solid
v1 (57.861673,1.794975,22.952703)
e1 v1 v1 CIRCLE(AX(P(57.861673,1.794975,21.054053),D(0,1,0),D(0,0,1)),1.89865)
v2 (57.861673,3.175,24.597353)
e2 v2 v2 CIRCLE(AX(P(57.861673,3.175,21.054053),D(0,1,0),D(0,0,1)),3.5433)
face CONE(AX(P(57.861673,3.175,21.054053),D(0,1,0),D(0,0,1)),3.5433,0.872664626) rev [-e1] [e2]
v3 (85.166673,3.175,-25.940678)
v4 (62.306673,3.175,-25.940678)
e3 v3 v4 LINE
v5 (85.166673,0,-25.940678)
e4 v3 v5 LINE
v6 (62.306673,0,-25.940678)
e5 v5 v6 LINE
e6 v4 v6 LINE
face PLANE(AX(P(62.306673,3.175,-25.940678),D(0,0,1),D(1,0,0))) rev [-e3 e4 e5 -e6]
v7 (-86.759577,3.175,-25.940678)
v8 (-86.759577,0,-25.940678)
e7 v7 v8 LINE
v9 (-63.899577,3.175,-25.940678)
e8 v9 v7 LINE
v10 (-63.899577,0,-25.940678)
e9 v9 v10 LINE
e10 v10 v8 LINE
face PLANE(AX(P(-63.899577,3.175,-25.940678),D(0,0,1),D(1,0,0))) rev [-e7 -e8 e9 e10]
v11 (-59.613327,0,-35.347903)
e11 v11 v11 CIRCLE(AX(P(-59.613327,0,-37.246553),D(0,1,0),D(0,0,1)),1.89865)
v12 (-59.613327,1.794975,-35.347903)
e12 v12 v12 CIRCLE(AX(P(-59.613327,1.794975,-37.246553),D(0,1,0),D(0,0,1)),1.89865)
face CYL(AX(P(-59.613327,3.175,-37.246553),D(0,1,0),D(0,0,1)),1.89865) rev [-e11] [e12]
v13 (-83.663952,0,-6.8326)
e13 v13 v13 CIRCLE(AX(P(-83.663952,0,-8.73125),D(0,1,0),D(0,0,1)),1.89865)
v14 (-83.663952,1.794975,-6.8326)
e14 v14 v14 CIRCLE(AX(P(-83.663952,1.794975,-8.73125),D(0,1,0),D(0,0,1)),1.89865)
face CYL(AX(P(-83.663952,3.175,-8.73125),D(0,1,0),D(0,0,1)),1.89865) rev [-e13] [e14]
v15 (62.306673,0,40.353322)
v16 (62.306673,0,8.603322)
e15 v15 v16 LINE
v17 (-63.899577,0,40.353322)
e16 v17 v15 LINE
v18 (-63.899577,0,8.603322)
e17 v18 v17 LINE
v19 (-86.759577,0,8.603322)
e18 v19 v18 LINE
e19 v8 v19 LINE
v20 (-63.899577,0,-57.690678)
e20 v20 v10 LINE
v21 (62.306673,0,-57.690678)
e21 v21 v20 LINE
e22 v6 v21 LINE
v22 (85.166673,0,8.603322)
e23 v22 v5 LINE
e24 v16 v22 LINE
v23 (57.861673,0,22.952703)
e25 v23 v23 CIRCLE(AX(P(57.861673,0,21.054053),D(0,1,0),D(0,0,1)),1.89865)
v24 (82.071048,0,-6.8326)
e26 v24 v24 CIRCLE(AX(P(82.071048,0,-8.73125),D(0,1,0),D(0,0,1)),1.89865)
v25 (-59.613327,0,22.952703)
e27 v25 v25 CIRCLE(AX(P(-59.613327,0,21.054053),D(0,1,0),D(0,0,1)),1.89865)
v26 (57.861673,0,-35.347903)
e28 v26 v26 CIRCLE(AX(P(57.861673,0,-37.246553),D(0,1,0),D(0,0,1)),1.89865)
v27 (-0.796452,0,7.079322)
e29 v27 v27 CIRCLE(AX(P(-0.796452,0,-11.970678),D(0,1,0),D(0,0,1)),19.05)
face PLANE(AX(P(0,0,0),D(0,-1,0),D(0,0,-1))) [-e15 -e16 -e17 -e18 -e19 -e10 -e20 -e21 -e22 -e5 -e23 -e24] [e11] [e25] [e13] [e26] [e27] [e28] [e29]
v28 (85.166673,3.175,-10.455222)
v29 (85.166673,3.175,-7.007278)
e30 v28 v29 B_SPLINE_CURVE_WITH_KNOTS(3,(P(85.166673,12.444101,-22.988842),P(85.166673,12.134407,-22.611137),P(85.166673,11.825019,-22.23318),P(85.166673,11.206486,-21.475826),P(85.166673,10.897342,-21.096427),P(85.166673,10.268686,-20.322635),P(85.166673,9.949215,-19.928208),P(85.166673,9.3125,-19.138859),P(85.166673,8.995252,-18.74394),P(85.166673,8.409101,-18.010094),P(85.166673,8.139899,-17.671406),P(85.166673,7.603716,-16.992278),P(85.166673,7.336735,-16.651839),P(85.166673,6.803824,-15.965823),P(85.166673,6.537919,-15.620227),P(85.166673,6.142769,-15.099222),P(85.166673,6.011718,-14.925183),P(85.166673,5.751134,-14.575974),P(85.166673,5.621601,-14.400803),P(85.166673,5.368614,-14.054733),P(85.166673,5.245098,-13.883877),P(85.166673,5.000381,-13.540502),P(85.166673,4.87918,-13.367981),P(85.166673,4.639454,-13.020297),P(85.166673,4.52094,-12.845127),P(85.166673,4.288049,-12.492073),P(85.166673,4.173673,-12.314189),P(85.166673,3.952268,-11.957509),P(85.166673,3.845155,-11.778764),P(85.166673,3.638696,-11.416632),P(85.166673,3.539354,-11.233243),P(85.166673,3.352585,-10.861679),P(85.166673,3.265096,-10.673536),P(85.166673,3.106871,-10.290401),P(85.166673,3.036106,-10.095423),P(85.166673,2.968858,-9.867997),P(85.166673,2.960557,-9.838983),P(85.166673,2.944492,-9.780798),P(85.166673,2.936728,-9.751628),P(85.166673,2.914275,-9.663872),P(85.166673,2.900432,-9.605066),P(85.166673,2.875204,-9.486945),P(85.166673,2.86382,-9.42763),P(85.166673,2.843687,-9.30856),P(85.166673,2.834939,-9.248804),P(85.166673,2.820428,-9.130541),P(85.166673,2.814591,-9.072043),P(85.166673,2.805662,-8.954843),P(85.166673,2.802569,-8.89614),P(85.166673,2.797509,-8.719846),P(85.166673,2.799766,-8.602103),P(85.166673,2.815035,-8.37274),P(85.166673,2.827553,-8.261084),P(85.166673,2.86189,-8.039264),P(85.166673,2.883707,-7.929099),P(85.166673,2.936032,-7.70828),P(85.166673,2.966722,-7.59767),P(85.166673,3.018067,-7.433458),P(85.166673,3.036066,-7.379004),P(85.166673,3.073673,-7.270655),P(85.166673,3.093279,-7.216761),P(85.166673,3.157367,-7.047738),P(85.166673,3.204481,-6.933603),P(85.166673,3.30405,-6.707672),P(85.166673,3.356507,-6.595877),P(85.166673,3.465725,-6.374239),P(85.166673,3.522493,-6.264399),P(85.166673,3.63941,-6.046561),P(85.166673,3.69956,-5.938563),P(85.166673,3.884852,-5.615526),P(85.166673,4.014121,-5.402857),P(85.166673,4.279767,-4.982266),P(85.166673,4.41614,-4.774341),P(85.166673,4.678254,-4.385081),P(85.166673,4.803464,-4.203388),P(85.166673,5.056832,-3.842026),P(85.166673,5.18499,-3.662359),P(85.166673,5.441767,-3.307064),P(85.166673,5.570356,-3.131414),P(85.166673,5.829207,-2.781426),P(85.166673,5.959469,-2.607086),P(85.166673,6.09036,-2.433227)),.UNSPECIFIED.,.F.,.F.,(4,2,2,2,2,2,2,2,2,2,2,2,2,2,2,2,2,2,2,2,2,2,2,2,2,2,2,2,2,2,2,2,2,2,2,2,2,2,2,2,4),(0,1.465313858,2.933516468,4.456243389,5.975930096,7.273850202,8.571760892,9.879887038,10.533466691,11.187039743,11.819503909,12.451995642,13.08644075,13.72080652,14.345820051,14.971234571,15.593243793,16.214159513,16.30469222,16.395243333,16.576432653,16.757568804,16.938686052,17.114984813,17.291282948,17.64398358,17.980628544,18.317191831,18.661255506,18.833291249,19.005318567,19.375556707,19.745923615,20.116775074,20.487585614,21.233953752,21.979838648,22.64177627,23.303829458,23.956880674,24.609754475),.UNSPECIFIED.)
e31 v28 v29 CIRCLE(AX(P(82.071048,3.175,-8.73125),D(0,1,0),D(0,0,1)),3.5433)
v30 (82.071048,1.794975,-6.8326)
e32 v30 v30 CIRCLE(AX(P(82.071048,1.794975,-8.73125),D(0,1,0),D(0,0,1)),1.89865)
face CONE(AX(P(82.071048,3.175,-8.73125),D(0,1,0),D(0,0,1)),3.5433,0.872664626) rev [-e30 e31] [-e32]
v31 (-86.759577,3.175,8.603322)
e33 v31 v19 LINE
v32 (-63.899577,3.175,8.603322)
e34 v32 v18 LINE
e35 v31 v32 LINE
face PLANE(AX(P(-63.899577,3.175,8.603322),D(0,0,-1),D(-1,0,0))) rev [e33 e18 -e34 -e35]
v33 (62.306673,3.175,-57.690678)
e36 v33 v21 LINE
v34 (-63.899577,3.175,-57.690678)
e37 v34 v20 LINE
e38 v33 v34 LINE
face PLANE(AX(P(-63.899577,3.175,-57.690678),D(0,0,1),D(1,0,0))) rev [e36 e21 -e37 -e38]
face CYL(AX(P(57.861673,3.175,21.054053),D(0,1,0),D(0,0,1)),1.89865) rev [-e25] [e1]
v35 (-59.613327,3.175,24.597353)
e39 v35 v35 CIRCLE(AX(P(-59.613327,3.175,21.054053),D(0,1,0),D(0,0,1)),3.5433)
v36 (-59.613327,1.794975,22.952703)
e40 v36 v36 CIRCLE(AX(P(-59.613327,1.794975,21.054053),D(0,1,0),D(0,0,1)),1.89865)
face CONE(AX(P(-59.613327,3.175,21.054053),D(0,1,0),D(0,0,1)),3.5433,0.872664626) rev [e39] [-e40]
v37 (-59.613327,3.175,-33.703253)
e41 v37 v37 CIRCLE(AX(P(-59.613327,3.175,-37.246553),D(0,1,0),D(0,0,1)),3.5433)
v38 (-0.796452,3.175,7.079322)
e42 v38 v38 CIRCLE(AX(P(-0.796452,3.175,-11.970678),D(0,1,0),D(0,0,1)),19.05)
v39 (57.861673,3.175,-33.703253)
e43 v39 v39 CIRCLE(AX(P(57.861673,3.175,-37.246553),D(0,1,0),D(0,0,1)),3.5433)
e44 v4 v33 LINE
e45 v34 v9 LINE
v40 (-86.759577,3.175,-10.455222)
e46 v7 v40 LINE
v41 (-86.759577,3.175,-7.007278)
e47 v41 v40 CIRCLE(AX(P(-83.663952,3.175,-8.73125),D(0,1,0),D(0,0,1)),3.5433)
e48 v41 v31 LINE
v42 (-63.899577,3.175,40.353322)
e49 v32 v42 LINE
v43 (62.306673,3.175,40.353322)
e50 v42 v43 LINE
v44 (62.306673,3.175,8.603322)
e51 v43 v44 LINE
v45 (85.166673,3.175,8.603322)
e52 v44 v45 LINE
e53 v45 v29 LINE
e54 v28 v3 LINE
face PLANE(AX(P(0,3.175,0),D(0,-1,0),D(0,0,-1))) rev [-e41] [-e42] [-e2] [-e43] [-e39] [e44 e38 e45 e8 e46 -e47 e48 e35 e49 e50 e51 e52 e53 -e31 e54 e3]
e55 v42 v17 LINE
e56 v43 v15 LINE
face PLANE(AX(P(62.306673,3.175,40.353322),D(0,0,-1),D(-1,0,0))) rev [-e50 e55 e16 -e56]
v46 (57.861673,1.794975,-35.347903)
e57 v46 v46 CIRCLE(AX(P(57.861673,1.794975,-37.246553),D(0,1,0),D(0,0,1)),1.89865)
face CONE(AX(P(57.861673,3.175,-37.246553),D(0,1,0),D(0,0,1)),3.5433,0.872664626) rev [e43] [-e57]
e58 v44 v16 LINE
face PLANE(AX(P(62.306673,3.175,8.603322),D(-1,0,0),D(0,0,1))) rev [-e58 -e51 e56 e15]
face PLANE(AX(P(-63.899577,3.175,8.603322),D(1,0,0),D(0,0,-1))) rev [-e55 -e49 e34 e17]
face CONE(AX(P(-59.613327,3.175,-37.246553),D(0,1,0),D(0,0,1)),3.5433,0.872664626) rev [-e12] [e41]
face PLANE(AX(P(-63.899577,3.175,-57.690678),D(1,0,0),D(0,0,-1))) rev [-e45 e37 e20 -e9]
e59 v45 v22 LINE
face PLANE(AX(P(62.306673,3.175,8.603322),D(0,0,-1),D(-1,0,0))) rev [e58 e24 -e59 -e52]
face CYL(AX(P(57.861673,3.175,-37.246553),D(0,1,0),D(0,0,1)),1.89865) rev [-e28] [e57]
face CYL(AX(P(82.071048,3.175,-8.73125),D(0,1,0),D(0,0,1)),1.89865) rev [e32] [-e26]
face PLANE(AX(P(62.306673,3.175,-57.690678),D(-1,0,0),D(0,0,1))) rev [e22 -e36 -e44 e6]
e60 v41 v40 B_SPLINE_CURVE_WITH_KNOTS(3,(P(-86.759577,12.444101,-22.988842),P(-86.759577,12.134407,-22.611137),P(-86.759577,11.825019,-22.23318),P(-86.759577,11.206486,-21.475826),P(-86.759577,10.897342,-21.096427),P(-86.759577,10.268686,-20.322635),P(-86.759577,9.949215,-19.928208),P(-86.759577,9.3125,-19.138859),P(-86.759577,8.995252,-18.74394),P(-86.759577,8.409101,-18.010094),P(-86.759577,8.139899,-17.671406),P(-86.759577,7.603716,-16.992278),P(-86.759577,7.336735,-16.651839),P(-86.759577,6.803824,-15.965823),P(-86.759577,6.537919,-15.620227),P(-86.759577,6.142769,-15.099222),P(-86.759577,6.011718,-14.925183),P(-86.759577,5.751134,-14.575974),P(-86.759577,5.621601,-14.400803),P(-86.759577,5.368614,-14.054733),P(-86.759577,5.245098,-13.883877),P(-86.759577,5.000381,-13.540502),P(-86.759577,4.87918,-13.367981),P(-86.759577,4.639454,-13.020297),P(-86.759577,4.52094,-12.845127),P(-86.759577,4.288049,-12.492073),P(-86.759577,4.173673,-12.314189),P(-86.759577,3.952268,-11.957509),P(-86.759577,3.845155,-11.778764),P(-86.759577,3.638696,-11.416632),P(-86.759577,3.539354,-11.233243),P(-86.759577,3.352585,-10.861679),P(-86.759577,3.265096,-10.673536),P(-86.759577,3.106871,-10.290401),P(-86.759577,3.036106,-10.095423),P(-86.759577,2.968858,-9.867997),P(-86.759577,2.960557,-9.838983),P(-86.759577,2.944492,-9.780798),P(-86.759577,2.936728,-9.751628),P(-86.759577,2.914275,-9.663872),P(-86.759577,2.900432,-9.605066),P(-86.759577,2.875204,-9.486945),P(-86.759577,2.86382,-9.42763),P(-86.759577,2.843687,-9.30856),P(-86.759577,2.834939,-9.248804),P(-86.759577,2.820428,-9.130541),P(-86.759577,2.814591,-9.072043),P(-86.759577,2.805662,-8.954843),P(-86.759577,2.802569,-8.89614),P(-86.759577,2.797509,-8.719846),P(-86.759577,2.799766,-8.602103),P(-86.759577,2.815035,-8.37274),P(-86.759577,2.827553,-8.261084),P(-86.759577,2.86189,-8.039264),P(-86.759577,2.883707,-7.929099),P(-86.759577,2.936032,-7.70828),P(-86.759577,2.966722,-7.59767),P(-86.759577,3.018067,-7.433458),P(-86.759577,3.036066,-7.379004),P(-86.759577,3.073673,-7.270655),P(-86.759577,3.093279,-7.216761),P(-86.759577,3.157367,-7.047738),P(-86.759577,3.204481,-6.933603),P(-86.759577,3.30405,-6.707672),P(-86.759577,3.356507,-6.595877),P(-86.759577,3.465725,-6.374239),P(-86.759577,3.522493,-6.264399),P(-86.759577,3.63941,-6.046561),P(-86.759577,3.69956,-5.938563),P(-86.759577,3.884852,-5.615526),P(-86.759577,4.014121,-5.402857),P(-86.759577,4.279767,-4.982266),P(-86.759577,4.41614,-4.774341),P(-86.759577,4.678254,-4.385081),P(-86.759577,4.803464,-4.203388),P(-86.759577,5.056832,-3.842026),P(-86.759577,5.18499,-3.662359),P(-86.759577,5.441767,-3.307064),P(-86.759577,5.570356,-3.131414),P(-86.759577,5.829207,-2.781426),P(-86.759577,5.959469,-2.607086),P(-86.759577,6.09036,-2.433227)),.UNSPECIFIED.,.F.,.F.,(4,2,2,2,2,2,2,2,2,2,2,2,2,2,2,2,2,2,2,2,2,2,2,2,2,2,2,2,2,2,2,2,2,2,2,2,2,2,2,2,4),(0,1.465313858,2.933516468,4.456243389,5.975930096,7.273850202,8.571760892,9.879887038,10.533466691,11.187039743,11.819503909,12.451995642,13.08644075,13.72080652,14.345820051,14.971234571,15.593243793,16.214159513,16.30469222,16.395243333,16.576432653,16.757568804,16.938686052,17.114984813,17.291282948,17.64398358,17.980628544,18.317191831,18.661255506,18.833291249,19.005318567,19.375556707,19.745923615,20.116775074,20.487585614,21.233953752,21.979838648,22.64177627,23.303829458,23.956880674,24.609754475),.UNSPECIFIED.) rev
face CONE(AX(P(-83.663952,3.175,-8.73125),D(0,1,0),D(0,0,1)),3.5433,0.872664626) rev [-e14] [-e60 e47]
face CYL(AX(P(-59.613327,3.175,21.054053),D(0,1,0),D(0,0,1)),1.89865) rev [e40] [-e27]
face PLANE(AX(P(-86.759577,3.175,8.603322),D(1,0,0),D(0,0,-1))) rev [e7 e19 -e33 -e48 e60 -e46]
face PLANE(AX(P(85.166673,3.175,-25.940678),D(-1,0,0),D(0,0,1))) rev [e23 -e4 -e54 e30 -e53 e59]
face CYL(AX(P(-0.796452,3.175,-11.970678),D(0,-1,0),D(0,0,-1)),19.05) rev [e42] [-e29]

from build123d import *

# Parameters (mm, degrees)
SKETCH1_R                                         = 19.05
BOSS_EXTRUDE1_DEPTH                               = 3.175
CSK_FOR_6_FLAT_HEAD_MACHINE_SCREW_100_D           = 3.7973
CSK_FOR_6_FLAT_HEAD_MACHINE_SCREW_100_CSINK_D     = 7.0866
CSK_FOR_6_FLAT_HEAD_MACHINE_SCREW_100_CSINK_ANGLE = 100
CSK_FOR_6_FLAT_HEAD_MACHINE_SCREW_2_D             = 3.7973
CSK_FOR_6_FLAT_HEAD_MACHINE_SCREW_2_CSINK_D       = 7.0866
CSK_FOR_6_FLAT_HEAD_MACHINE_SCREW_2_CSINK_ANGLE   = 100


with BuildPart() as part:
    # Sketch1 → Boss-Extrude1 (new body)
    with BuildSketch(Plane(origin=(0, 0, 0), x_dir=(1, 0, 0), z_dir=(0, 1, 0))):
        Polygon((-63.899577335, 57.690677645), (62.306672665, 57.690677645), (62.306672665, 25.940677645), (85.166672665, 25.940677645), (85.166672665, -8.603322355), (62.306672665, -8.603322355), (62.306672665, -40.353322355), (-63.899577335, -40.353322355), (-63.899577335, -8.603322355), (-86.759577335, -8.603322355), (-86.759577335, 25.940677645), (-63.899577335, 25.940677645), align=None)
        with Locations(Location((-0.796452335, 11.970677645, 0), (0, 0, 270))):
            Circle(SKETCH1_R, mode=Mode.SUBTRACT)
    extrude(amount=BOSS_EXTRUDE1_DEPTH)

    # CSK for _6 Flat Head Machine Screw _100 (through all)
    with Locations(Plane(origin=(0, 3.175, 0), x_dir=(1, 0, 0), z_dir=(0, 1, 0))):
        with Locations((-59.613327335, 37.246553163), (-59.613327335, -21.054053163), (57.861672665, -21.054053163), (57.861672665, 37.246553163)):
            CounterSinkHole(CSK_FOR_6_FLAT_HEAD_MACHINE_SCREW_100_D / 2, CSK_FOR_6_FLAT_HEAD_MACHINE_SCREW_100_CSINK_D / 2, counter_sink_angle=CSK_FOR_6_FLAT_HEAD_MACHINE_SCREW_100_CSINK_ANGLE)

    # CSK for _6 Flat Head Machine Screw _ 2 (through all)
    with Locations(Plane(origin=(0, 3.175, 0), x_dir=(1, 0, 0), z_dir=(0, 1, 0))):
        with Locations((82.071047665, 8.73125), (-83.663952335, 8.73125)):
            CounterSinkHole(CSK_FOR_6_FLAT_HEAD_MACHINE_SCREW_2_D / 2, CSK_FOR_6_FLAT_HEAD_MACHINE_SCREW_2_CSINK_D / 2, counter_sink_angle=CSK_FOR_6_FLAT_HEAD_MACHINE_SCREW_2_CSINK_ANGLE)


solid = part.part
